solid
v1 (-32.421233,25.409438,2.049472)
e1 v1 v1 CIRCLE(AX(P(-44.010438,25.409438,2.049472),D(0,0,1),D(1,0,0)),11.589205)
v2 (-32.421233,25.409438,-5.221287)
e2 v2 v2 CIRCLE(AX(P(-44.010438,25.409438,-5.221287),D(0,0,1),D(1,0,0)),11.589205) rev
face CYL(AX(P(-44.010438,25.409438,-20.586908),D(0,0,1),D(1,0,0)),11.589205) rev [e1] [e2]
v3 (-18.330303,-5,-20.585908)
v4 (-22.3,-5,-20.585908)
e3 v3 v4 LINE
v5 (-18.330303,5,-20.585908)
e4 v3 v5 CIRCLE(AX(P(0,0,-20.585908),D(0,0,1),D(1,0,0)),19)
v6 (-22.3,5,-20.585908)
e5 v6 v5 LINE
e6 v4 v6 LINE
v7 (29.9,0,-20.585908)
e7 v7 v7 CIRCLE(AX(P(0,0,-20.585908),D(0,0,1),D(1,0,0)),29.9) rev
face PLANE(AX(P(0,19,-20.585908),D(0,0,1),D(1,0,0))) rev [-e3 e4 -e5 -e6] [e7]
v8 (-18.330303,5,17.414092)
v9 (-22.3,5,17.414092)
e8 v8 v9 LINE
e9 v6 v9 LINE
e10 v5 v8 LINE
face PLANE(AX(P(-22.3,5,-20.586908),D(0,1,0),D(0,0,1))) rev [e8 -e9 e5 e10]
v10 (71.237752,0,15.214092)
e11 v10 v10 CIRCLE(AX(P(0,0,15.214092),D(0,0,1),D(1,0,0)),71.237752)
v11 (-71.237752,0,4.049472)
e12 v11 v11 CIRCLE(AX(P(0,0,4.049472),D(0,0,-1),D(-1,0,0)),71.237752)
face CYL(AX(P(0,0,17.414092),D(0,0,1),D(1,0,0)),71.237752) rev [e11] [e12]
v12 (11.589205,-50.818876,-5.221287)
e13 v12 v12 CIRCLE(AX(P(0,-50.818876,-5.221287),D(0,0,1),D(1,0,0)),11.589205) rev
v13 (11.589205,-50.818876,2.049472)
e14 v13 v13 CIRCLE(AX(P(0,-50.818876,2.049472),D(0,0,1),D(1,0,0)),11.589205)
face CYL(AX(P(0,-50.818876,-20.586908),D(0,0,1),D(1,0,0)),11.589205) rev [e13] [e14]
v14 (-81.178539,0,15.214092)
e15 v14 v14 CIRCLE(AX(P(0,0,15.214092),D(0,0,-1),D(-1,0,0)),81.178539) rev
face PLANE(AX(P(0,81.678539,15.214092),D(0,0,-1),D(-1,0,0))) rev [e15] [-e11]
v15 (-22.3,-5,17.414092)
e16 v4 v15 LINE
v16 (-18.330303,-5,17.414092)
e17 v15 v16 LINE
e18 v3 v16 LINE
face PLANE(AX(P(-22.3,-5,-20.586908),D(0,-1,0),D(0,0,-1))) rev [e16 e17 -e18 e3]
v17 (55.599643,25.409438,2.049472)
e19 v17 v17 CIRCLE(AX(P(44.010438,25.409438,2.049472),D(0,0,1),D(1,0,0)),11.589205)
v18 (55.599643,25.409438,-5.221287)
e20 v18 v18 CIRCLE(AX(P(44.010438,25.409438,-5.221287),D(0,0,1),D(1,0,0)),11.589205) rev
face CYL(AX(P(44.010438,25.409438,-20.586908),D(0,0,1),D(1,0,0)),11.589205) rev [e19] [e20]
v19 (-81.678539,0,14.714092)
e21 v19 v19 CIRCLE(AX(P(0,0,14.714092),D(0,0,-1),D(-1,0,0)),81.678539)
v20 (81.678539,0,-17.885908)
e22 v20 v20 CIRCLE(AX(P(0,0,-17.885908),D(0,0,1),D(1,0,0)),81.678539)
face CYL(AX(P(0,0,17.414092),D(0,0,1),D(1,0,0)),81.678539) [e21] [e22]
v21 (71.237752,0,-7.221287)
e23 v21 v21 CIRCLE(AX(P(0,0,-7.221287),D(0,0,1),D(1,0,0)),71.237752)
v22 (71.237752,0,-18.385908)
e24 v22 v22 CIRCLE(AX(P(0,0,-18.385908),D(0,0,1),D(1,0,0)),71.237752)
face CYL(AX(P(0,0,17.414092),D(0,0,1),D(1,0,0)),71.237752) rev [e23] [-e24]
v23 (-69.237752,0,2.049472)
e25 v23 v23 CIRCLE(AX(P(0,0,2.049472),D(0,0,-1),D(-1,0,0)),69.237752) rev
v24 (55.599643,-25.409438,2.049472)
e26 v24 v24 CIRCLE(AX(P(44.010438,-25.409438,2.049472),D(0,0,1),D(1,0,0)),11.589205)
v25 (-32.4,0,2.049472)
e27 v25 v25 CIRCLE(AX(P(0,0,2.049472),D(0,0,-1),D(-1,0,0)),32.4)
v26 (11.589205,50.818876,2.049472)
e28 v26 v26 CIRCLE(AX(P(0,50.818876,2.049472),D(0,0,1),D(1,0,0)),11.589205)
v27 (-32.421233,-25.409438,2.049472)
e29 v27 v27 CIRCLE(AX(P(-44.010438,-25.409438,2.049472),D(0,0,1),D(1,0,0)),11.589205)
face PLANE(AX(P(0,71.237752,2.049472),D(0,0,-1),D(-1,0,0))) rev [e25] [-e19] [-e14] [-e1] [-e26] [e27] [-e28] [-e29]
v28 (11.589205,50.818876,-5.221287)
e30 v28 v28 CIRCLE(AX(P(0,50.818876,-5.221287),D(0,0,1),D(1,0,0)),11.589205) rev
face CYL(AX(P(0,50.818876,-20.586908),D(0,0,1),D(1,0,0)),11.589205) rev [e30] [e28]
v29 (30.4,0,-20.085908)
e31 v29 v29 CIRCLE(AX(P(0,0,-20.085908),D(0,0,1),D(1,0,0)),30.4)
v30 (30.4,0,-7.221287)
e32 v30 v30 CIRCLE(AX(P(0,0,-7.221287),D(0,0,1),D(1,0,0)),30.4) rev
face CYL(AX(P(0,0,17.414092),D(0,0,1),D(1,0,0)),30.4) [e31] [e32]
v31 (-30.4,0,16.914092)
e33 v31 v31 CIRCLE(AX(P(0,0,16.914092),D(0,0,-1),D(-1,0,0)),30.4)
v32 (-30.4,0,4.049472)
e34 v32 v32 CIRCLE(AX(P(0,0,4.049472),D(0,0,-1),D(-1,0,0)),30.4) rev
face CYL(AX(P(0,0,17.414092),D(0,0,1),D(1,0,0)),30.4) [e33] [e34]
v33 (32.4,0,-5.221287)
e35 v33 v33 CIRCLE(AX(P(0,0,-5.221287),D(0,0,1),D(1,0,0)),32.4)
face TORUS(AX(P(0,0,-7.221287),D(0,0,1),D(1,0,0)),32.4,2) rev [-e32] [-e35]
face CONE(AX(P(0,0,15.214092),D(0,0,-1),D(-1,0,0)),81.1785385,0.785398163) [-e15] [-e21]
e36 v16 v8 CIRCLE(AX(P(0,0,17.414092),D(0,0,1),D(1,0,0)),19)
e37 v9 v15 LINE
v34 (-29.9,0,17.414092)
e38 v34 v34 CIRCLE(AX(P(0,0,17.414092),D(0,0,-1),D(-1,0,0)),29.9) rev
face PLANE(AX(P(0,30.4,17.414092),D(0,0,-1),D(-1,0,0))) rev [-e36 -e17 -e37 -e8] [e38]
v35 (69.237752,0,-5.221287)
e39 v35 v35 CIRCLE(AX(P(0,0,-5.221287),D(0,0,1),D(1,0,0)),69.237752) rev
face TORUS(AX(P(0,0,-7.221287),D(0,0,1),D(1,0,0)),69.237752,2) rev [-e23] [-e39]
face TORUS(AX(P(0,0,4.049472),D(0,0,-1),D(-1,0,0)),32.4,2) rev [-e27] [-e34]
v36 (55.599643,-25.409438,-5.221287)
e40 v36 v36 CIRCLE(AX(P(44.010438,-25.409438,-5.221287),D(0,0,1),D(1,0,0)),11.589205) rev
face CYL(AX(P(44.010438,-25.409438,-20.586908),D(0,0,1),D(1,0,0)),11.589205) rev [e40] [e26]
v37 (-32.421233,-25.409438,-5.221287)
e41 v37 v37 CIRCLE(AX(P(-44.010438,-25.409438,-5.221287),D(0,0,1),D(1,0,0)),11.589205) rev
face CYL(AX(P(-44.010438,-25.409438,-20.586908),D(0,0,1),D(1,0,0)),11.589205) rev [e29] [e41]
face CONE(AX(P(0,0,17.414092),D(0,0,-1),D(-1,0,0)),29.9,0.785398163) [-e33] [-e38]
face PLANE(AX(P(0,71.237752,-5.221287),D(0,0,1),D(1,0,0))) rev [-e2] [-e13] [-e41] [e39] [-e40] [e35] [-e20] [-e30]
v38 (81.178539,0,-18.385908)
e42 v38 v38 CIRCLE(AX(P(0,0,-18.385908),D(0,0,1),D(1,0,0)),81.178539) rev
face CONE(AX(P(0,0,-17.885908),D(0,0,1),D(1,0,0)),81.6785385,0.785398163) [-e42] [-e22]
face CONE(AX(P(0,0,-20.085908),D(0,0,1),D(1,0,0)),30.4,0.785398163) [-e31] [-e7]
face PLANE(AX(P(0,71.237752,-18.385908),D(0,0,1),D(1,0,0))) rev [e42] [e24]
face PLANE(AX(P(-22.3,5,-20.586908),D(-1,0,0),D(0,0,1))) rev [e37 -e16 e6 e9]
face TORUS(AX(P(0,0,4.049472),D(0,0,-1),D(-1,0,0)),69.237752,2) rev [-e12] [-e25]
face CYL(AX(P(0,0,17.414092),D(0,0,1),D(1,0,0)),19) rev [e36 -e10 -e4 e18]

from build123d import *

# Parameters (mm, degrees)
CUT_EXTRUDE1_REACH = 119.708
SKETCH2_R          = 11.58920475
FILLET1_R          = 2
CUT_EXTRUDE3_REACH = 123.601
CHAMFER1_SIZE      = 0.5


with BuildPart() as part:
    # Sketch1 → Revolve1 (revolve)
    with BuildSketch(Plane(origin=(0, 0, 0), x_dir=(0, 0, -1), z_dir=(1, 0, 0)), mode=Mode.PRIVATE) as revolve1_sk:
        Polygon((-17.414092448, 19), (20.585907552, 19), (20.585907552, 30.4), (5.221286802, 30.4), (5.221286802, 71.23775235), (18.385907552, 71.23775235), (18.385907552, 81.6785385), (-15.214092448, 81.6785385), (-15.214092448, 71.23775235), (-2.049471698, 71.23775235), (-2.049471698, 30.4), (-17.414092448, 30.4), align=None)
    revolve(revolve1_sk.sketch.rotate(Axis((0, 0, 17.414092448), (0, 0, -1)), 90), axis=Axis((0, 0, 17.414092448), (0, 0, -1)))

    # Sketch2 → Cut-Extrude1 (cut, up to next)
    with BuildSketch(Plane.XY.offset(2.049471698), mode=Mode.PRIVATE) as cut_extrude1_sk1:
        with Locations((0, 50.8188762)):
            Circle(SKETCH2_R)
    cut_extrude1_tool1 = extrude(cut_extrude1_sk1.sketch, amount=-CUT_EXTRUDE1_REACH, mode=Mode.PRIVATE) & part.part
    # Sketch2 → Cut-Extrude1 (cut, up to next)
    with BuildSketch(Plane.XY.offset(2.049471698), mode=Mode.PRIVATE) as cut_extrude1_sk2:
        with Locations((44.010437781, 25.4094381)):
            Circle(SKETCH2_R)
    cut_extrude1_tool2 = extrude(cut_extrude1_sk2.sketch, amount=-CUT_EXTRUDE1_REACH, mode=Mode.PRIVATE) & part.part
    # Sketch2 → Cut-Extrude1 (cut, up to next)
    with BuildSketch(Plane.XY.offset(2.049471698), mode=Mode.PRIVATE) as cut_extrude1_sk3:
        with Locations((44.010437781, -25.4094381)):
            Circle(SKETCH2_R)
    cut_extrude1_tool3 = extrude(cut_extrude1_sk3.sketch, amount=-CUT_EXTRUDE1_REACH, mode=Mode.PRIVATE) & part.part
    # Sketch2 → Cut-Extrude1 (cut, up to next)
    with BuildSketch(Plane.XY.offset(2.049471698), mode=Mode.PRIVATE) as cut_extrude1_sk4:
        with Locations((0, -50.8188762)):
            Circle(SKETCH2_R)
    cut_extrude1_tool4 = extrude(cut_extrude1_sk4.sketch, amount=-CUT_EXTRUDE1_REACH, mode=Mode.PRIVATE) & part.part
    # Sketch2 → Cut-Extrude1 (cut, up to next)
    with BuildSketch(Plane.XY.offset(2.049471698), mode=Mode.PRIVATE) as cut_extrude1_sk5:
        with Locations((-44.010437781, -25.4094381)):
            Circle(SKETCH2_R)
    cut_extrude1_tool5 = extrude(cut_extrude1_sk5.sketch, amount=-CUT_EXTRUDE1_REACH, mode=Mode.PRIVATE) & part.part
    # Sketch2 → Cut-Extrude1 (cut, up to next)
    with BuildSketch(Plane.XY.offset(2.049471698), mode=Mode.PRIVATE) as cut_extrude1_sk6:
        with Locations((-44.010437781, 25.4094381)):
            Circle(SKETCH2_R)
    cut_extrude1_tool6 = extrude(cut_extrude1_sk6.sketch, amount=-CUT_EXTRUDE1_REACH, mode=Mode.PRIVATE) & part.part
    add(cut_extrude1_tool1.solids().sort_by_distance((0, 50.818876, 2.049472))[0], mode=Mode.SUBTRACT)
    add(cut_extrude1_tool2.solids().sort_by_distance((44.010438, 25.409438, 2.049472))[0], mode=Mode.SUBTRACT)
    add(cut_extrude1_tool3.solids().sort_by_distance((44.010438, -25.409438, 2.049472))[0], mode=Mode.SUBTRACT)
    add(cut_extrude1_tool4.solids().sort_by_distance((0, -50.818876, 2.049472))[0], mode=Mode.SUBTRACT)
    add(cut_extrude1_tool5.solids().sort_by_distance((-44.010438, -25.409438, 2.049472))[0], mode=Mode.SUBTRACT)
    add(cut_extrude1_tool6.solids().sort_by_distance((-44.010438, 25.409438, 2.049472))[0], mode=Mode.SUBTRACT)

    # Fillet1
    fillet1_edges = [part.edges().sort_by_distance(p)[0] for p in [
        (-71.23775235, 0, 2.049471698),
        (-71.23775235, 0, -5.221286802),
        (-30.4, 0, -5.221286802),
        (-30.4, 0, 2.049471698),
    ]]
    fillet(fillet1_edges, radius=FILLET1_R)

    # Sketch4 → Cut-Extrude3 (cut, up to next)
    with BuildSketch(Plane.XY.offset(17.414092448), mode=Mode.PRIVATE) as cut_extrude3_sk1:
        with BuildLine():
            Line((-22.3, 5), (-22.3, -5))
            Line((-22.3, -5), (-18.33030278, -5))
            ThreePointArc((-18.33030278, -5), (-19, 0), (-18.33030278, 5))
            Line((-18.33030278, 5), (-22.3, 5))
        make_face()
    cut_extrude3_tool1 = extrude(cut_extrude3_sk1.sketch, amount=-CUT_EXTRUDE3_REACH, mode=Mode.PRIVATE) & part.part
    add(cut_extrude3_tool1.solids().sort_by_distance((-20.533552, 0, 17.414092))[0], mode=Mode.SUBTRACT)

    # Chamfer1
    chamfer1_edges = [part.edges().sort_by_distance(p)[0] for p in [
        (-81.6785385, 0, 15.214092448),
        (-81.6785385, 0, -18.385907552),
        (-30.4, 0, -20.585907552),
        (-30.4, 0, 17.414092448),
    ]]
    chamfer(chamfer1_edges, length=CHAMFER1_SIZE)


solid = part.part
